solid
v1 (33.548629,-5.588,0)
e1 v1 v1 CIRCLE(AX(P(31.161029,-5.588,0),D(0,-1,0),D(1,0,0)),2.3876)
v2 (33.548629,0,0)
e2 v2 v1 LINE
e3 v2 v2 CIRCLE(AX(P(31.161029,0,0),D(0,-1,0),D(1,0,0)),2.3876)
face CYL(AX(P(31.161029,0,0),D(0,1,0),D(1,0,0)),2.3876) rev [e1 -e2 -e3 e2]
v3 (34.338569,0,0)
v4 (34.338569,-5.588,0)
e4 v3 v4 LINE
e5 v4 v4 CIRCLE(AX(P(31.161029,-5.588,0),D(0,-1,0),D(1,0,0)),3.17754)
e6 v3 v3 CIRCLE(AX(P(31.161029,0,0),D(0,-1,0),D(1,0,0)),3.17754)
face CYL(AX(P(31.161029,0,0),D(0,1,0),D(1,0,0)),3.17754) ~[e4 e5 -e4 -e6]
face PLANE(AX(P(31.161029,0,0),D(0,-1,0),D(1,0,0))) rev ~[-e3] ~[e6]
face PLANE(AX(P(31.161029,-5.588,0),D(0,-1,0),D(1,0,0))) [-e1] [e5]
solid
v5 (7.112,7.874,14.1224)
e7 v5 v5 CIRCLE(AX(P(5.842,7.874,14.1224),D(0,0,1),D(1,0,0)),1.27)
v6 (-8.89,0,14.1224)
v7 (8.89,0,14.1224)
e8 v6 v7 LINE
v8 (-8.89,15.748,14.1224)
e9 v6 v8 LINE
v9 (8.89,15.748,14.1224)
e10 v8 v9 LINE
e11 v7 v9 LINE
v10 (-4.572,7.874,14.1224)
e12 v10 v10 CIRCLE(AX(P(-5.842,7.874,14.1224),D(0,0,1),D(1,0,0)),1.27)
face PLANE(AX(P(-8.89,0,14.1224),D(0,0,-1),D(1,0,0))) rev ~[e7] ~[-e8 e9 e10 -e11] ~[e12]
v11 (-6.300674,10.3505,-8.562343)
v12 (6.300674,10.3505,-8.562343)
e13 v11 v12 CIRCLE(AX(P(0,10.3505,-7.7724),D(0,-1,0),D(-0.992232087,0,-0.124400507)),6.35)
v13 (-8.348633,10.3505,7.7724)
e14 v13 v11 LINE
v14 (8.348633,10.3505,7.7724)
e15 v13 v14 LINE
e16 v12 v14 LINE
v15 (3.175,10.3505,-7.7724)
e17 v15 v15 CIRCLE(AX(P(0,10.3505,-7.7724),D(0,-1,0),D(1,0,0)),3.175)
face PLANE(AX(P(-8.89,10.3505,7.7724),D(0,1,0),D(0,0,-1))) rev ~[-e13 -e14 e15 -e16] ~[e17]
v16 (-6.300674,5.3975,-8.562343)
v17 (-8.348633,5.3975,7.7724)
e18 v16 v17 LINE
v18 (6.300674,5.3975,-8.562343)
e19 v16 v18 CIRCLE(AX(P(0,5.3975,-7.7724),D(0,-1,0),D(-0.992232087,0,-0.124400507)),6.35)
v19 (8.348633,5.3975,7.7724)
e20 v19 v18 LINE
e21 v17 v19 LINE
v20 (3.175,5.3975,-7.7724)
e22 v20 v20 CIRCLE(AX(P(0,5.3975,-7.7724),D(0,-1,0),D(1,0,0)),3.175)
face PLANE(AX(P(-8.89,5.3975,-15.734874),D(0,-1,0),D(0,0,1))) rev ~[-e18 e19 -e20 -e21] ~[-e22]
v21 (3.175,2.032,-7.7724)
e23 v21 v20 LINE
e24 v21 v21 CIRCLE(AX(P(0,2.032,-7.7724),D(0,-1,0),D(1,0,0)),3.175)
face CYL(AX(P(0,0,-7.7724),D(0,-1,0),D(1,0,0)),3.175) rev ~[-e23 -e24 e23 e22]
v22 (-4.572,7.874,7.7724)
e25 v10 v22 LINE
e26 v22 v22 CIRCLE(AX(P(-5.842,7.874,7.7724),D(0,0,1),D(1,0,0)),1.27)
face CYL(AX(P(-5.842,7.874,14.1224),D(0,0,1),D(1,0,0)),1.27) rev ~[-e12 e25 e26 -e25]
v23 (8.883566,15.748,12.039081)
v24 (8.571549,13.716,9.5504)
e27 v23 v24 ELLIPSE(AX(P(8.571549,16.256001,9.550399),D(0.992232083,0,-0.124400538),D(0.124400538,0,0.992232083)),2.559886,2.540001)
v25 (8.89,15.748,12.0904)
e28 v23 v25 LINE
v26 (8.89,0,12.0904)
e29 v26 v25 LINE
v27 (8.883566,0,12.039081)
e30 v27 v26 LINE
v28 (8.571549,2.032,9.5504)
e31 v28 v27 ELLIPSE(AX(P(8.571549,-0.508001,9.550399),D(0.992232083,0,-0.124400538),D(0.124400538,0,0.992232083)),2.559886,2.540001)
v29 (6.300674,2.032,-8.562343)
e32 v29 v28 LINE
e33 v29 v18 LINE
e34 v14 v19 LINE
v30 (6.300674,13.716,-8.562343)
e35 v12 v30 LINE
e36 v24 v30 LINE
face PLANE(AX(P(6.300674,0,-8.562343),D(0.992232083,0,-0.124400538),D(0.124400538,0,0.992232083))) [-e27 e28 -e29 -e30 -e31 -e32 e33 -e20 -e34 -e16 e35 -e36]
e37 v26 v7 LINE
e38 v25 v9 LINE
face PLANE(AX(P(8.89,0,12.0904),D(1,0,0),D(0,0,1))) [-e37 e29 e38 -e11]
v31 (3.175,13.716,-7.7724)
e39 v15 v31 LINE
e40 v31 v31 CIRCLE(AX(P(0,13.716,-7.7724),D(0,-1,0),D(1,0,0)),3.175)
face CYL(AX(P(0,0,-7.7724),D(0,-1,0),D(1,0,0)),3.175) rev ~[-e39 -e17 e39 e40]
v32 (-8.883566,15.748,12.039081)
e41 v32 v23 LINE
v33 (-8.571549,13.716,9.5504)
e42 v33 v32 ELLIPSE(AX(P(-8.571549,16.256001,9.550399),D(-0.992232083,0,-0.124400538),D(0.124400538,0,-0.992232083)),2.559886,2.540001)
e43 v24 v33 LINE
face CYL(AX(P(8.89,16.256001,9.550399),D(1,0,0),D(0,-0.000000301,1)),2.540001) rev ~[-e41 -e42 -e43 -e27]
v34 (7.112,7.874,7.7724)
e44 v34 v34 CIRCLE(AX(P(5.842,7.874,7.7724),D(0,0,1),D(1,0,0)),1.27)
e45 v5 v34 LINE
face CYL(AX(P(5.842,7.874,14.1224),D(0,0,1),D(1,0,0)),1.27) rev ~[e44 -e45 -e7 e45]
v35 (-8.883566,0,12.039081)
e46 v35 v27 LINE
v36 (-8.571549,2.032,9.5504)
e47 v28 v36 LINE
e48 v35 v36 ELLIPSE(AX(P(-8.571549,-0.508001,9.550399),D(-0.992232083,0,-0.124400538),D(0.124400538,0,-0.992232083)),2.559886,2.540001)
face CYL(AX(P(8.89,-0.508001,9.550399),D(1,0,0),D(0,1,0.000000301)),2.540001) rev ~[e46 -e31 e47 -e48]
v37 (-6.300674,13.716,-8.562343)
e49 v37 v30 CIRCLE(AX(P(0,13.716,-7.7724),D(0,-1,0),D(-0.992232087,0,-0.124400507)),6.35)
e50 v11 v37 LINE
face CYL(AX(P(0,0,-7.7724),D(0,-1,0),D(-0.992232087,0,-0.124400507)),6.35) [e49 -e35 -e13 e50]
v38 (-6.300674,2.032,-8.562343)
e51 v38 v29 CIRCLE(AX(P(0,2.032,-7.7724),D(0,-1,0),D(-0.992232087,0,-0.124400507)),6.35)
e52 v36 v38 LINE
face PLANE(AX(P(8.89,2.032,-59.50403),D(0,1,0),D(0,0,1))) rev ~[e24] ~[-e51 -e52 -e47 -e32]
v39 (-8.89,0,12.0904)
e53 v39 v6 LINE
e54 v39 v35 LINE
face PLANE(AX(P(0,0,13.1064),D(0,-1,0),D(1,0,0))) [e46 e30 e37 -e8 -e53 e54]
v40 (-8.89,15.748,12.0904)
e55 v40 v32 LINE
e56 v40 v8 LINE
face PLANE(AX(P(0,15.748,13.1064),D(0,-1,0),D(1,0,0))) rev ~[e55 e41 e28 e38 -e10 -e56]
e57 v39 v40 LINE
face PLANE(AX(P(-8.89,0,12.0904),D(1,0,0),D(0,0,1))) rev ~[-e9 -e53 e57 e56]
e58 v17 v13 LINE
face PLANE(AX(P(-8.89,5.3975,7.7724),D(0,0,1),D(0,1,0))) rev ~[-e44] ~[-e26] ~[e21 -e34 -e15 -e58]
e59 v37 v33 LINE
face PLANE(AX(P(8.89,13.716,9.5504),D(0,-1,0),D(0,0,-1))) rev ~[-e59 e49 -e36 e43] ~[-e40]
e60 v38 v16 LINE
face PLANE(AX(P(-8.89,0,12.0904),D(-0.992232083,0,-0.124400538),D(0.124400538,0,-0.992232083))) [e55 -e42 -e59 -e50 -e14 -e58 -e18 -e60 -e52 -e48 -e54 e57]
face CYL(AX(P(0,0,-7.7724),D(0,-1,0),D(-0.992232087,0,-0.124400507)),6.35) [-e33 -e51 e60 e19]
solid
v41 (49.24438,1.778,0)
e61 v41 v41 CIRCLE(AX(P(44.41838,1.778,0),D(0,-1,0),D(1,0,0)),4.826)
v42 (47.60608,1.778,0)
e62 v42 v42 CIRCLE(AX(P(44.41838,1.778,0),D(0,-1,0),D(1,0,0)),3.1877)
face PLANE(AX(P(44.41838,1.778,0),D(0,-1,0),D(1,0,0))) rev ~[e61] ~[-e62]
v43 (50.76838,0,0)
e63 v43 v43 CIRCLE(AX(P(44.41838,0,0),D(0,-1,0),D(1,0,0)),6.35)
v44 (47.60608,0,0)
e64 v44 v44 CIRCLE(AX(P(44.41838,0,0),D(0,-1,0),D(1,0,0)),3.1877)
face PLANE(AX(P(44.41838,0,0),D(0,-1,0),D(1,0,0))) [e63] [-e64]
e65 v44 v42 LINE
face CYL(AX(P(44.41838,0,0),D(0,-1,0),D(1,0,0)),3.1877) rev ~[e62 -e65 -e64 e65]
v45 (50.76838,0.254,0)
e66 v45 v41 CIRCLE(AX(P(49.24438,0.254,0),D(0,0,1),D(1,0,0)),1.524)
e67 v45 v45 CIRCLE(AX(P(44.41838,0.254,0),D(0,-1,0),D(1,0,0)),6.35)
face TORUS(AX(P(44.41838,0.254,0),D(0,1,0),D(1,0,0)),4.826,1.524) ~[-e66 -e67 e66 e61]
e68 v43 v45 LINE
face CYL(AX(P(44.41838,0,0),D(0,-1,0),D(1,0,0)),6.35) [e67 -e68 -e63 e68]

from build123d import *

# Parameters (mm, degrees)
F0_W      = 17.78
F0_H      = 2.032
F0_R      = 3.175
F1_DEPTH  = 15.748
F3_DEPTH  = 17.781
F5_DEPTH  = 17.781
F6_R      = 1.27
F7_DEPTH  = 25.4
F8_R      = 3.17754
F8_R_2    = 2.3876
F9_DEPTH  = 5.588
F10_R     = 6.35
F10_R_2   = 3.1877
F11_DEPTH = 1.778
F12_R     = 1.524


with BuildPart() as f1:
    # F0 (on Front) → F1 (new body)
    with BuildSketch(Plane.XZ):
        with Locations((0, 13.1064)):
            Rectangle(F0_W, F0_H)
        with BuildLine():
            Line((6.300674, -8.562343), (8.89, 12.0904))
            Line((8.89, 12.0904), (-8.89, 12.0904))
            Line((-8.89, 12.0904), (-6.300674, -8.562343))
            ThreePointArc((-6.300674, -8.562343), (0, -14.1224), (6.300674, -8.562343))
        make_face()
        with Locations((0, -7.7724)):
            Circle(F0_R, mode=Mode.SUBTRACT)
    extrude(amount=-F1_DEPTH)

    # F2 (on face) → F3 (cut, through all)
    with BuildSketch(Plane(origin=(-8.89, 0, 0), x_dir=(0, -1, 0), z_dir=(-1, 0, 0))):
        Polygon((-5.3975, 7.7724), (-10.3505, 7.7724), (-10.3505, -8.7884), (-10.3505, -15.734874), (-5.3975, -15.734874), (-5.3975, -8.7884), align=None)
    extrude(amount=-F3_DEPTH, mode=Mode.SUBTRACT)

    # F4 (on face) → F5 (cut, through all)
    with BuildSketch(Plane.YZ.offset(8.89)):
        with BuildLine():
            ThreePointArc((16.256, 12.0904), (14.459949, 11.346451), (13.716, 9.5504))
            Line((13.716, 9.5504), (13.716, -23.945976))
            Line((13.716, -23.945976), (22.954069, -23.945976))
            Line((22.954069, -23.945976), (22.954069, 12.0904))
            Line((22.954069, 12.0904), (16.256, 12.0904))
        make_face()
        with BuildLine():
            Line((-2.601736, -59.50403), (2.032, -59.50403))
            Line((2.032, -59.50403), (2.032, 9.5504))
            ThreePointArc((2.032, 9.5504), (1.288051, 11.346451), (-0.508, 12.0904))
            Line((-0.508, 12.0904), (-2.601736, 12.0904))
            Line((-2.601736, 12.0904), (-2.601736, -59.50403))
        make_face()
    extrude(amount=-F5_DEPTH, mode=Mode.SUBTRACT)

    # F6 (on face) → F7 (cut)
    with BuildSketch(Plane.XY.offset(14.1224)):
        with Locations((5.842, 7.874)):
            Circle(F6_R)
        with Locations((-5.842, 7.874)):
            Circle(F6_R)
    extrude(amount=-F7_DEPTH, mode=Mode.SUBTRACT)


with BuildPart() as f9:
    # F8 (on Front) → F9 (new body)
    with BuildSketch(Plane.XZ):
        with Locations((31.161029, 0)):
            Circle(F8_R)
        with Locations((31.161029, 0)):
            Circle(F8_R_2, mode=Mode.SUBTRACT)
    extrude(amount=F9_DEPTH)


with BuildPart() as f11:
    # F10 (on Front) → F11 (new body)
    with BuildSketch(Plane.XZ):
        with Locations((44.41838, 0)):
            Circle(F10_R)
        with Locations((44.41838, 0)):
            Circle(F10_R_2, mode=Mode.SUBTRACT)
    extrude(amount=-F11_DEPTH)

    # F12
    f12_edges = [f11.edges().sort_by_distance(p)[0] for p in [
        (38.06838, 1.778, 0),
    ]]
    fillet(f12_edges, radius=F12_R)


solid = Compound([f1.part, f9.part, f11.part])
